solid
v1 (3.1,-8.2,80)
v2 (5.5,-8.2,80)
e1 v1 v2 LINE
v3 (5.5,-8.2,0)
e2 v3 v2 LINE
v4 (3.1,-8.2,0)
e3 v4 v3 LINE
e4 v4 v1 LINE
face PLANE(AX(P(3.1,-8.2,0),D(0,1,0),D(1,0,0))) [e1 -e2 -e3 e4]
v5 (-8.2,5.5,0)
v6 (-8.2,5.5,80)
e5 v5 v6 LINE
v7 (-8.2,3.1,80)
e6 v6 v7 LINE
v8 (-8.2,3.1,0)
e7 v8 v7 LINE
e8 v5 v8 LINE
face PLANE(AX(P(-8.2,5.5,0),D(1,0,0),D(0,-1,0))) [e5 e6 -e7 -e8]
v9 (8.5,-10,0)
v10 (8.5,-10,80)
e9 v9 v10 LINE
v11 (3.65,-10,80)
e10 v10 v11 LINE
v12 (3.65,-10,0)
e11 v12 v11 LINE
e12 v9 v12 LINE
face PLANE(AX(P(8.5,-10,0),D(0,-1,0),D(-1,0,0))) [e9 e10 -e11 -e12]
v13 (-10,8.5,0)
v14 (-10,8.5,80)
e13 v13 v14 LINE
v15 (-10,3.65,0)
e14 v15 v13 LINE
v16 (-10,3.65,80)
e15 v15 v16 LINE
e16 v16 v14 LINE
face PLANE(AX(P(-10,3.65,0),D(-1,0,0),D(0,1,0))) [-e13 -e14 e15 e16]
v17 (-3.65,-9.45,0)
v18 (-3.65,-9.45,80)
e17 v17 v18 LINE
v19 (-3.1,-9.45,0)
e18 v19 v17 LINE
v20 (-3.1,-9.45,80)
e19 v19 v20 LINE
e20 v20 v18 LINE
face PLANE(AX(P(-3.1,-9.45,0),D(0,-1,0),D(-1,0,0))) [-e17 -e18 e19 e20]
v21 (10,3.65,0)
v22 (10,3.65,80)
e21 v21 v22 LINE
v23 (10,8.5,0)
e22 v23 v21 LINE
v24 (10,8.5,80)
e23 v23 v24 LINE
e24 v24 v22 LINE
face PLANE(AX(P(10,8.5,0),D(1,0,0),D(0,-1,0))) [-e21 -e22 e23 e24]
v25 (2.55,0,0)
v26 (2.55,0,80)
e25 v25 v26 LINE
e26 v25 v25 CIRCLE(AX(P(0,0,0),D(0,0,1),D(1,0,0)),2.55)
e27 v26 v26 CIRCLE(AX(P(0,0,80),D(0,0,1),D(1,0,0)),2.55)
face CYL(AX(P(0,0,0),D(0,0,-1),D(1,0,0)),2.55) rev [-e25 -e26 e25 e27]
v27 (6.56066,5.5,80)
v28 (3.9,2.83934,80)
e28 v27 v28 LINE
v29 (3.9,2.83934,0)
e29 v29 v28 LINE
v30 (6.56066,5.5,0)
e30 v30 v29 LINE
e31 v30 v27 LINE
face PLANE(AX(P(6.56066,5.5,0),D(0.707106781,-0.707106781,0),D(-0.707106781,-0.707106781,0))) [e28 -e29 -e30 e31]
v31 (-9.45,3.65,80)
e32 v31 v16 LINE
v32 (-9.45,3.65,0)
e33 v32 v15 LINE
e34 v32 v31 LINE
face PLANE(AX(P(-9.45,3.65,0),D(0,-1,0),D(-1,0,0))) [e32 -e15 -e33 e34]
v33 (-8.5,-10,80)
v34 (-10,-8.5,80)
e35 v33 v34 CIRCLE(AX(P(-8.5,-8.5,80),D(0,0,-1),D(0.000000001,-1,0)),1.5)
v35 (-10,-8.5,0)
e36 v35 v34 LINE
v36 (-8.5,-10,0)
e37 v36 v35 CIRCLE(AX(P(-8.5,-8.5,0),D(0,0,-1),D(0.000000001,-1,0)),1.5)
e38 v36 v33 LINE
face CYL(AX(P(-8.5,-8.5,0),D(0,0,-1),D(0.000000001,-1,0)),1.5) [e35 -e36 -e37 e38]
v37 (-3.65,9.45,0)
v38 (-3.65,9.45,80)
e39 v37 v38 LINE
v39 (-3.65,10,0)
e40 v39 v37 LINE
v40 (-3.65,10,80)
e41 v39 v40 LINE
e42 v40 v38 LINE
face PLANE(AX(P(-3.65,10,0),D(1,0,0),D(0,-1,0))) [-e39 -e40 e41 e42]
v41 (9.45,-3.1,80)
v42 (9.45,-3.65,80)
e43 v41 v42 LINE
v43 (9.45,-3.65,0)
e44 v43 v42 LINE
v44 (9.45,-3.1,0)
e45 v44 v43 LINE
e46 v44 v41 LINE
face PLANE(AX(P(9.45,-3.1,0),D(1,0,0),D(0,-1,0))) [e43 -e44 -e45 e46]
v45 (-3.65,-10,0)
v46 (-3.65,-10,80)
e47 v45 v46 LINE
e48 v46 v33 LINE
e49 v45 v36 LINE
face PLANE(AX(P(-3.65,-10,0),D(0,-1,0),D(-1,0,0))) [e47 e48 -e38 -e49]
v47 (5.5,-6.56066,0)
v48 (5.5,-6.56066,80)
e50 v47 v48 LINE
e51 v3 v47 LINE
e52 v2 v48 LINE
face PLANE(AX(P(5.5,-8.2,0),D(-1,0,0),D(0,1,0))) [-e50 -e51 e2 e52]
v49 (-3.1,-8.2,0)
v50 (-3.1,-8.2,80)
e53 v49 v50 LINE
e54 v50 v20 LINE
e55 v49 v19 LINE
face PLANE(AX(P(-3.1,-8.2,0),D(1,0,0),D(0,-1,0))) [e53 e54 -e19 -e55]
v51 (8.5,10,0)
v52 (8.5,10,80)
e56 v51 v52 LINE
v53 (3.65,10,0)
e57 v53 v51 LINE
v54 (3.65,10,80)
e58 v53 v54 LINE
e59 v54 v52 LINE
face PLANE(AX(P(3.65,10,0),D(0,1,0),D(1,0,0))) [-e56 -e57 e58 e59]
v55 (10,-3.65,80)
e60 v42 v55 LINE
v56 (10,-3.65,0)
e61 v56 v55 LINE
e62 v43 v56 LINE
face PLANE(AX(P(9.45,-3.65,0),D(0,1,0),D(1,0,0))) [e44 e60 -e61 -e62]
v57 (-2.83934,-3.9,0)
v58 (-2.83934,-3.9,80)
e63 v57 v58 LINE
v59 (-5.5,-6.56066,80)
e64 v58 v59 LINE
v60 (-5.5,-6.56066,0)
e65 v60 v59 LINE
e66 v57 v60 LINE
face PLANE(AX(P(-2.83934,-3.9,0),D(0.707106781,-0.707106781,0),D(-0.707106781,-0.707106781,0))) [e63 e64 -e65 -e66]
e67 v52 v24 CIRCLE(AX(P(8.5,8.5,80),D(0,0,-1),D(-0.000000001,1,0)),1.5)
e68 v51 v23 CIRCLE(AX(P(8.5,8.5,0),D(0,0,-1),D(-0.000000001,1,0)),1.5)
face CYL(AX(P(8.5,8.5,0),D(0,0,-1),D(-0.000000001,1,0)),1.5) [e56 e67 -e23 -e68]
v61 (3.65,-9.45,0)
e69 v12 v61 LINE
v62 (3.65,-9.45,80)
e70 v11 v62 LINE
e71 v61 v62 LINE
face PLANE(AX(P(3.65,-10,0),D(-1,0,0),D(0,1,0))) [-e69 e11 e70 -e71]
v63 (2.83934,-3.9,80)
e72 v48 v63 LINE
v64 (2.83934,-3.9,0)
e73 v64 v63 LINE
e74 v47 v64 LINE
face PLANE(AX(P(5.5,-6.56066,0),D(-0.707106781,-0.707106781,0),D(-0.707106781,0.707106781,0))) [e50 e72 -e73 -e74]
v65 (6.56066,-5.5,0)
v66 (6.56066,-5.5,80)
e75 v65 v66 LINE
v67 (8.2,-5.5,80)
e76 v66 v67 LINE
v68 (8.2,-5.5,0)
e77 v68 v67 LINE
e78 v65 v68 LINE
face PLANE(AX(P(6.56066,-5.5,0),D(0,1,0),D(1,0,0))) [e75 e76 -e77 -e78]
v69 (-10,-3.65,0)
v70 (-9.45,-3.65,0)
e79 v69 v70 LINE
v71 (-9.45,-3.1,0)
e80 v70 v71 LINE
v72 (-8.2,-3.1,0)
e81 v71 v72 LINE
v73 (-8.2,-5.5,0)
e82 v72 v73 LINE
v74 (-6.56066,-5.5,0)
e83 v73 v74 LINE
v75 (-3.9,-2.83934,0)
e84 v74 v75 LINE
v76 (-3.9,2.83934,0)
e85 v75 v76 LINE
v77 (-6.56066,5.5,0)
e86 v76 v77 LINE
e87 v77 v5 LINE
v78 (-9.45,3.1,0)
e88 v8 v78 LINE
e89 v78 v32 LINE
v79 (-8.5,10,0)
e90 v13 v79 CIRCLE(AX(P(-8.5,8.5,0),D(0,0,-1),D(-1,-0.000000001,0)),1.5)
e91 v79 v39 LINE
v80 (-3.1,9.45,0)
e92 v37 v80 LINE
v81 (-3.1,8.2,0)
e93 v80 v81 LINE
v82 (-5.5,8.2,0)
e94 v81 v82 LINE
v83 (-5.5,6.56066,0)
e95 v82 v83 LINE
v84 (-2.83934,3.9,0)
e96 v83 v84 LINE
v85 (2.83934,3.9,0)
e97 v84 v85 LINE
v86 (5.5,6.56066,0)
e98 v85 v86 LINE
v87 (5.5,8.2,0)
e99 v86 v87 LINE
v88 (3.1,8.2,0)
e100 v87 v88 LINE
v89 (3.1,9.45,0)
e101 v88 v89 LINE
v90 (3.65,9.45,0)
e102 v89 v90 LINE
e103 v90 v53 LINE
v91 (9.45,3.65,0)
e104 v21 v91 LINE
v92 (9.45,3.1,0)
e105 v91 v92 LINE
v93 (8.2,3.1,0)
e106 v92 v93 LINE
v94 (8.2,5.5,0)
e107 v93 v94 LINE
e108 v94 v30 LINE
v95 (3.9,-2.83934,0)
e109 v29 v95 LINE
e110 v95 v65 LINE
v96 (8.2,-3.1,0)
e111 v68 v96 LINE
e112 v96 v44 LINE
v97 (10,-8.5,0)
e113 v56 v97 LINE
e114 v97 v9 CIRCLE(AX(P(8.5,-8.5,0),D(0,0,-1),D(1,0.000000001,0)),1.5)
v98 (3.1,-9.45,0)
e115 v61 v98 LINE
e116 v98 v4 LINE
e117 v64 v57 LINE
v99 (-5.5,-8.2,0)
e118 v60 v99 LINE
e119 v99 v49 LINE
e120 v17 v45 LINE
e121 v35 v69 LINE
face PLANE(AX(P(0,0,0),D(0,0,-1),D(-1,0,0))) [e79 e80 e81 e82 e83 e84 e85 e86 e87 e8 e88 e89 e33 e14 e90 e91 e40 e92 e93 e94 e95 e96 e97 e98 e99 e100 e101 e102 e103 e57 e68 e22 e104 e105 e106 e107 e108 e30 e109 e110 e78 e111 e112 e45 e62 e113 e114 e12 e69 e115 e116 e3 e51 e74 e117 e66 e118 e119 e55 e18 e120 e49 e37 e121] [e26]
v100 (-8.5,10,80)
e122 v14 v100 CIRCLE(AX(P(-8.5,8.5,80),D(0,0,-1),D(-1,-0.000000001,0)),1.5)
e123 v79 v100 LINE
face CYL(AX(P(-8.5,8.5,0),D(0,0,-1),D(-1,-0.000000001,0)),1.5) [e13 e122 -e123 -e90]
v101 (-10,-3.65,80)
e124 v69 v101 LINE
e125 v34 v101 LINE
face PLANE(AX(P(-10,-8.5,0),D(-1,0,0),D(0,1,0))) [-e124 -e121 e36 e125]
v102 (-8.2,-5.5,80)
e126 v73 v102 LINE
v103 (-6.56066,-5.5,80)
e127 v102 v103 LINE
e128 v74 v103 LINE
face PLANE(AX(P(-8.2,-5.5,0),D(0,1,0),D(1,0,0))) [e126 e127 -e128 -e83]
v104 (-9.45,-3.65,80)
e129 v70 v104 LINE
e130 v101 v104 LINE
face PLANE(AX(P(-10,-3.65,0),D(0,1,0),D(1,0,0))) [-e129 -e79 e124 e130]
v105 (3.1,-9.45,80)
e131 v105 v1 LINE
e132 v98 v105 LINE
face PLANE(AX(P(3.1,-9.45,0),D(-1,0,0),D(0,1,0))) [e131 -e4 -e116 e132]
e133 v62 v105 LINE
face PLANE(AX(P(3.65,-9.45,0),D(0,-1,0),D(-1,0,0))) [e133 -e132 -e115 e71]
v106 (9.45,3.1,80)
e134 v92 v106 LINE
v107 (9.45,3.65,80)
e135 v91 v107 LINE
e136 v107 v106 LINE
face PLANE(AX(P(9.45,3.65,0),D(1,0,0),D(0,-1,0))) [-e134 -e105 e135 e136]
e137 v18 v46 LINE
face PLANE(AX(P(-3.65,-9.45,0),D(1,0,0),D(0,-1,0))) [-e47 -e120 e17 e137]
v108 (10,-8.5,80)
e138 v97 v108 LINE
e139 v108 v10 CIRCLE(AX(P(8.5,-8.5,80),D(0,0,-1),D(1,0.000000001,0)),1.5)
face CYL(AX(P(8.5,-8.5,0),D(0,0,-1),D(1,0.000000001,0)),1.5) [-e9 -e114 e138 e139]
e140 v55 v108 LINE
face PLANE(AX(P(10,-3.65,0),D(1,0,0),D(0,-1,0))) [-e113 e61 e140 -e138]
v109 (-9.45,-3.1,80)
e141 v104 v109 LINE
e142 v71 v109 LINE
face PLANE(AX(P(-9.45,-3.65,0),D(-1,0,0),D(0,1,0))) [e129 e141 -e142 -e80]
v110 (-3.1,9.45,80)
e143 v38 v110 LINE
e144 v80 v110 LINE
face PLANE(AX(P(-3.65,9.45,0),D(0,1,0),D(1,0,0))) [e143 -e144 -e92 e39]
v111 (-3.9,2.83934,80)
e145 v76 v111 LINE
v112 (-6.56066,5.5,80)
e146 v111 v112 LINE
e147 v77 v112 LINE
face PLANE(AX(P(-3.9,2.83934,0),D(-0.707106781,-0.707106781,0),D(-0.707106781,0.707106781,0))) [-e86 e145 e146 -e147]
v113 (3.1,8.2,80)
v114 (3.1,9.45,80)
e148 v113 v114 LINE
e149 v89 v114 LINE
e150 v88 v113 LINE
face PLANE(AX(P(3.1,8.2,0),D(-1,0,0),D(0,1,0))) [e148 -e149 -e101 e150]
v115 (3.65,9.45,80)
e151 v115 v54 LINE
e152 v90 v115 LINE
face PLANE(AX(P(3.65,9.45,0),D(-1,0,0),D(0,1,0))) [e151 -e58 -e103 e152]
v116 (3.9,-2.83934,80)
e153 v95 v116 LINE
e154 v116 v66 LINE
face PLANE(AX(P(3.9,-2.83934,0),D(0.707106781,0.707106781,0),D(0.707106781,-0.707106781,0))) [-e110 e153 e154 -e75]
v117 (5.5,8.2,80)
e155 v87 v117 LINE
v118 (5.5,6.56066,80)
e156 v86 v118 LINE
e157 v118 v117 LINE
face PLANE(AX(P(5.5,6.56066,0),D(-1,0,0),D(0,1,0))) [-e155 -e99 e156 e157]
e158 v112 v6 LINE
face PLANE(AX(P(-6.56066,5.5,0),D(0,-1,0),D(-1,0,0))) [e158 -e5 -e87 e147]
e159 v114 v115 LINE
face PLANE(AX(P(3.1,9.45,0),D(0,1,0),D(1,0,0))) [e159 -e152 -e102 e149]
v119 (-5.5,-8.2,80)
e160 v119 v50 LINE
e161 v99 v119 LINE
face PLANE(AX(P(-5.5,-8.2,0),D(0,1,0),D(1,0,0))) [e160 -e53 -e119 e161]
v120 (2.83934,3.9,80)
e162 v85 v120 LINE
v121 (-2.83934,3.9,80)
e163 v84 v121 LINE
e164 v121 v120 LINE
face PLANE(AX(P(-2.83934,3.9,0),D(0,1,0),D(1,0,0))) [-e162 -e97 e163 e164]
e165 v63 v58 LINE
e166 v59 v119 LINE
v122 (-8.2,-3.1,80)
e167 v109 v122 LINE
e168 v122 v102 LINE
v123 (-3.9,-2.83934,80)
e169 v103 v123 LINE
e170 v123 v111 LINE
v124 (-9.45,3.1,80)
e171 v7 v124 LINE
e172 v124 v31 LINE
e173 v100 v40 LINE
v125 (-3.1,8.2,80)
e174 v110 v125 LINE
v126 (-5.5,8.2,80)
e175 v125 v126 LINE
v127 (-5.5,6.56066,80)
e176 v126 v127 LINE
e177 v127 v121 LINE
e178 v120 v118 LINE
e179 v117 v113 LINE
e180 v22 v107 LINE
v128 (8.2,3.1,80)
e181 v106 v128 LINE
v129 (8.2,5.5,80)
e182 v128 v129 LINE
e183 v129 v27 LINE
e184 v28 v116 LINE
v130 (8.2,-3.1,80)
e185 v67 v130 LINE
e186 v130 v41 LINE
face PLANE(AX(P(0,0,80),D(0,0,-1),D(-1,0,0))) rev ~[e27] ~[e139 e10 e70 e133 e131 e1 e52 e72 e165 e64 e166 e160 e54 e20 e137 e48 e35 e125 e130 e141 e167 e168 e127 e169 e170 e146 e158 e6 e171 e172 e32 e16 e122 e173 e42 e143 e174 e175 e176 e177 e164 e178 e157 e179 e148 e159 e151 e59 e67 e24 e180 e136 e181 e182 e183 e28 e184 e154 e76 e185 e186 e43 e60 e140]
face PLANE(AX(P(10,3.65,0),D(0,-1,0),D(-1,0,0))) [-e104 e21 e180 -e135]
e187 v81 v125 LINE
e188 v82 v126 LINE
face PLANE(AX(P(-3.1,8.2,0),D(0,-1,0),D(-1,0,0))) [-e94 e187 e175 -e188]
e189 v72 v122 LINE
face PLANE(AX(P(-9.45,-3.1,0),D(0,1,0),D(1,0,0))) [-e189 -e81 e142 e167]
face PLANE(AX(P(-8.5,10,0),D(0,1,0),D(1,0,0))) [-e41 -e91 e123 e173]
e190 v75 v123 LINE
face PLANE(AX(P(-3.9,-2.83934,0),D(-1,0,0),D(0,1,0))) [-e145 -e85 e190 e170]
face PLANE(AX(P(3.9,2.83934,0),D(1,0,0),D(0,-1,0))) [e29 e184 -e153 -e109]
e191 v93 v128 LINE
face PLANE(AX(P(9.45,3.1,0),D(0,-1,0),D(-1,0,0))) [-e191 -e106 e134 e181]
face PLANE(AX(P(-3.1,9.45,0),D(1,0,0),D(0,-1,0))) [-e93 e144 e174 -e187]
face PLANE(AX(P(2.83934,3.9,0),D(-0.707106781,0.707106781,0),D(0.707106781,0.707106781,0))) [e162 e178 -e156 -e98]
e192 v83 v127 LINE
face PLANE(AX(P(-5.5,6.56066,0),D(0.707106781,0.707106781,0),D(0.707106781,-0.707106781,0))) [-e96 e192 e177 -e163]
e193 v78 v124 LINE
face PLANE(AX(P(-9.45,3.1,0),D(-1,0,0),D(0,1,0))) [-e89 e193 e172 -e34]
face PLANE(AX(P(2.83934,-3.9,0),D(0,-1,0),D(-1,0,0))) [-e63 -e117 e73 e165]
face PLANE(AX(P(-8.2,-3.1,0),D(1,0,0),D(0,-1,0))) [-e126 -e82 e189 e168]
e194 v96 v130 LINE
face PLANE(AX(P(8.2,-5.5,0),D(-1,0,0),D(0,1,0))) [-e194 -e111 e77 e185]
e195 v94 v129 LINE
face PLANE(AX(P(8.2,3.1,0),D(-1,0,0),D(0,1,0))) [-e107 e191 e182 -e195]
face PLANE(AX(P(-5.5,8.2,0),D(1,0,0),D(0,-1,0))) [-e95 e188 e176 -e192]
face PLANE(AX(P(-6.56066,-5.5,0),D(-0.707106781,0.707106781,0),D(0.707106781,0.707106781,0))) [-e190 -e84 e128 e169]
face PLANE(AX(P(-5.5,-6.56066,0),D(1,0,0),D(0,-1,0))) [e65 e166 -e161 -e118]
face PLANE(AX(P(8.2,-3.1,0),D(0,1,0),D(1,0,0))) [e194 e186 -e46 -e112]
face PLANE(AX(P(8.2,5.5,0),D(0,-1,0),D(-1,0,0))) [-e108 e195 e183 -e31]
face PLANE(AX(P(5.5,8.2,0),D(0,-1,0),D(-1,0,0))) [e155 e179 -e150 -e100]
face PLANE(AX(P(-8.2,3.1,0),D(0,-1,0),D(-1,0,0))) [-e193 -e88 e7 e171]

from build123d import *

# Parameters (mm, degrees)
SKETCH_2_R      = 2.55
EXTRUDE_1_DEPTH = 80


with BuildPart() as part:
    # 草图2 → 凸台-拉伸1 (new body)
    with BuildSketch(Plane.XY):
        with BuildLine():
            Line((-3.9, 2.839339828), (-6.560660172, 5.5))
            Line((-6.560660172, 5.5), (-8.2, 5.5))
            Line((-8.2, 5.5), (-8.2, 3.1))
            Line((-8.2, 3.1), (-9.45, 3.1))
            Line((-9.45, 3.1), (-9.45, 3.65))
            Line((-9.45, 3.65), (-10, 3.65))
            Line((-10, 3.65), (-10, 8.5))
            ThreePointArc((-10, 8.5), (-9.560660172, 9.560660172), (-8.5, 10))
            Line((-8.5, 10), (-3.65, 10))
            Line((-3.65, 10), (-3.65, 9.45))
            Line((-3.65, 9.45), (-3.1, 9.45))
            Line((-3.1, 9.45), (-3.1, 8.2))
            Line((-3.1, 8.2), (-5.5, 8.2))
            Line((-5.5, 8.2), (-5.5, 6.560660172))
            Line((-5.5, 6.560660172), (-2.839339828, 3.9))
            Line((-2.839339828, 3.9), (2.839339828, 3.9))
            Line((2.839339828, 3.9), (5.5, 6.560660172))
            Line((5.5, 6.560660172), (5.5, 8.2))
            Line((5.5, 8.2), (3.1, 8.2))
            Line((3.1, 8.2), (3.1, 9.45))
            Line((3.1, 9.45), (3.65, 9.45))
            Line((3.65, 9.45), (3.65, 10))
            Line((3.65, 10), (8.5, 10))
            ThreePointArc((8.5, 10), (9.560660172, 9.560660172), (10, 8.5))
            Line((10, 8.5), (10, 3.65))
            Line((10, 3.65), (9.45, 3.65))
            Line((9.45, 3.65), (9.45, 3.1))
            Line((9.45, 3.1), (8.2, 3.1))
            Line((8.2, 3.1), (8.2, 5.5))
            Line((8.2, 5.5), (6.560660172, 5.5))
            Line((6.560660172, 5.5), (3.9, 2.839339828))
            Line((3.9, 2.839339828), (3.9, -2.839339828))
            Line((3.9, -2.839339828), (6.560660172, -5.5))
            Line((6.560660172, -5.5), (8.2, -5.5))
            Line((8.2, -5.5), (8.2, -3.1))
            Line((8.2, -3.1), (9.45, -3.1))
            Line((9.45, -3.1), (9.45, -3.65))
            Line((9.45, -3.65), (10, -3.65))
            Line((10, -3.65), (10, -8.5))
            ThreePointArc((10, -8.5), (9.560660172, -9.560660172), (8.5, -10))
            Line((8.5, -10), (3.65, -10))
            Line((3.65, -10), (3.65, -9.45))
            Line((3.65, -9.45), (3.1, -9.45))
            Line((3.1, -9.45), (3.1, -8.2))
            Line((3.1, -8.2), (5.5, -8.2))
            Line((5.5, -8.2), (5.5, -6.560660172))
            Line((5.5, -6.560660172), (2.839339828, -3.9))
            Line((2.839339828, -3.9), (-2.839339828, -3.9))
            Line((-2.839339828, -3.9), (-5.5, -6.560660172))
            Line((-5.5, -6.560660172), (-5.5, -8.2))
            Line((-5.5, -8.2), (-3.1, -8.2))
            Line((-3.1, -8.2), (-3.1, -9.45))
            Line((-3.1, -9.45), (-3.65, -9.45))
            Line((-3.65, -9.45), (-3.65, -10))
            Line((-3.65, -10), (-8.5, -10))
            ThreePointArc((-8.5, -10), (-9.560660172, -9.560660172), (-10, -8.5))
            Line((-10, -8.5), (-10, -3.65))
            Line((-10, -3.65), (-9.45, -3.65))
            Line((-9.45, -3.65), (-9.45, -3.1))
            Line((-9.45, -3.1), (-8.2, -3.1))
            Line((-8.2, -3.1), (-8.2, -5.5))
            Line((-8.2, -5.5), (-6.560660172, -5.5))
            Line((-6.560660172, -5.5), (-3.9, -2.839339828))
            Line((-3.9, -2.839339828), (-3.9, 2.839339828))
        make_face()
        Circle(SKETCH_2_R, mode=Mode.SUBTRACT)
    extrude(amount=EXTRUDE_1_DEPTH)


solid = part.part
